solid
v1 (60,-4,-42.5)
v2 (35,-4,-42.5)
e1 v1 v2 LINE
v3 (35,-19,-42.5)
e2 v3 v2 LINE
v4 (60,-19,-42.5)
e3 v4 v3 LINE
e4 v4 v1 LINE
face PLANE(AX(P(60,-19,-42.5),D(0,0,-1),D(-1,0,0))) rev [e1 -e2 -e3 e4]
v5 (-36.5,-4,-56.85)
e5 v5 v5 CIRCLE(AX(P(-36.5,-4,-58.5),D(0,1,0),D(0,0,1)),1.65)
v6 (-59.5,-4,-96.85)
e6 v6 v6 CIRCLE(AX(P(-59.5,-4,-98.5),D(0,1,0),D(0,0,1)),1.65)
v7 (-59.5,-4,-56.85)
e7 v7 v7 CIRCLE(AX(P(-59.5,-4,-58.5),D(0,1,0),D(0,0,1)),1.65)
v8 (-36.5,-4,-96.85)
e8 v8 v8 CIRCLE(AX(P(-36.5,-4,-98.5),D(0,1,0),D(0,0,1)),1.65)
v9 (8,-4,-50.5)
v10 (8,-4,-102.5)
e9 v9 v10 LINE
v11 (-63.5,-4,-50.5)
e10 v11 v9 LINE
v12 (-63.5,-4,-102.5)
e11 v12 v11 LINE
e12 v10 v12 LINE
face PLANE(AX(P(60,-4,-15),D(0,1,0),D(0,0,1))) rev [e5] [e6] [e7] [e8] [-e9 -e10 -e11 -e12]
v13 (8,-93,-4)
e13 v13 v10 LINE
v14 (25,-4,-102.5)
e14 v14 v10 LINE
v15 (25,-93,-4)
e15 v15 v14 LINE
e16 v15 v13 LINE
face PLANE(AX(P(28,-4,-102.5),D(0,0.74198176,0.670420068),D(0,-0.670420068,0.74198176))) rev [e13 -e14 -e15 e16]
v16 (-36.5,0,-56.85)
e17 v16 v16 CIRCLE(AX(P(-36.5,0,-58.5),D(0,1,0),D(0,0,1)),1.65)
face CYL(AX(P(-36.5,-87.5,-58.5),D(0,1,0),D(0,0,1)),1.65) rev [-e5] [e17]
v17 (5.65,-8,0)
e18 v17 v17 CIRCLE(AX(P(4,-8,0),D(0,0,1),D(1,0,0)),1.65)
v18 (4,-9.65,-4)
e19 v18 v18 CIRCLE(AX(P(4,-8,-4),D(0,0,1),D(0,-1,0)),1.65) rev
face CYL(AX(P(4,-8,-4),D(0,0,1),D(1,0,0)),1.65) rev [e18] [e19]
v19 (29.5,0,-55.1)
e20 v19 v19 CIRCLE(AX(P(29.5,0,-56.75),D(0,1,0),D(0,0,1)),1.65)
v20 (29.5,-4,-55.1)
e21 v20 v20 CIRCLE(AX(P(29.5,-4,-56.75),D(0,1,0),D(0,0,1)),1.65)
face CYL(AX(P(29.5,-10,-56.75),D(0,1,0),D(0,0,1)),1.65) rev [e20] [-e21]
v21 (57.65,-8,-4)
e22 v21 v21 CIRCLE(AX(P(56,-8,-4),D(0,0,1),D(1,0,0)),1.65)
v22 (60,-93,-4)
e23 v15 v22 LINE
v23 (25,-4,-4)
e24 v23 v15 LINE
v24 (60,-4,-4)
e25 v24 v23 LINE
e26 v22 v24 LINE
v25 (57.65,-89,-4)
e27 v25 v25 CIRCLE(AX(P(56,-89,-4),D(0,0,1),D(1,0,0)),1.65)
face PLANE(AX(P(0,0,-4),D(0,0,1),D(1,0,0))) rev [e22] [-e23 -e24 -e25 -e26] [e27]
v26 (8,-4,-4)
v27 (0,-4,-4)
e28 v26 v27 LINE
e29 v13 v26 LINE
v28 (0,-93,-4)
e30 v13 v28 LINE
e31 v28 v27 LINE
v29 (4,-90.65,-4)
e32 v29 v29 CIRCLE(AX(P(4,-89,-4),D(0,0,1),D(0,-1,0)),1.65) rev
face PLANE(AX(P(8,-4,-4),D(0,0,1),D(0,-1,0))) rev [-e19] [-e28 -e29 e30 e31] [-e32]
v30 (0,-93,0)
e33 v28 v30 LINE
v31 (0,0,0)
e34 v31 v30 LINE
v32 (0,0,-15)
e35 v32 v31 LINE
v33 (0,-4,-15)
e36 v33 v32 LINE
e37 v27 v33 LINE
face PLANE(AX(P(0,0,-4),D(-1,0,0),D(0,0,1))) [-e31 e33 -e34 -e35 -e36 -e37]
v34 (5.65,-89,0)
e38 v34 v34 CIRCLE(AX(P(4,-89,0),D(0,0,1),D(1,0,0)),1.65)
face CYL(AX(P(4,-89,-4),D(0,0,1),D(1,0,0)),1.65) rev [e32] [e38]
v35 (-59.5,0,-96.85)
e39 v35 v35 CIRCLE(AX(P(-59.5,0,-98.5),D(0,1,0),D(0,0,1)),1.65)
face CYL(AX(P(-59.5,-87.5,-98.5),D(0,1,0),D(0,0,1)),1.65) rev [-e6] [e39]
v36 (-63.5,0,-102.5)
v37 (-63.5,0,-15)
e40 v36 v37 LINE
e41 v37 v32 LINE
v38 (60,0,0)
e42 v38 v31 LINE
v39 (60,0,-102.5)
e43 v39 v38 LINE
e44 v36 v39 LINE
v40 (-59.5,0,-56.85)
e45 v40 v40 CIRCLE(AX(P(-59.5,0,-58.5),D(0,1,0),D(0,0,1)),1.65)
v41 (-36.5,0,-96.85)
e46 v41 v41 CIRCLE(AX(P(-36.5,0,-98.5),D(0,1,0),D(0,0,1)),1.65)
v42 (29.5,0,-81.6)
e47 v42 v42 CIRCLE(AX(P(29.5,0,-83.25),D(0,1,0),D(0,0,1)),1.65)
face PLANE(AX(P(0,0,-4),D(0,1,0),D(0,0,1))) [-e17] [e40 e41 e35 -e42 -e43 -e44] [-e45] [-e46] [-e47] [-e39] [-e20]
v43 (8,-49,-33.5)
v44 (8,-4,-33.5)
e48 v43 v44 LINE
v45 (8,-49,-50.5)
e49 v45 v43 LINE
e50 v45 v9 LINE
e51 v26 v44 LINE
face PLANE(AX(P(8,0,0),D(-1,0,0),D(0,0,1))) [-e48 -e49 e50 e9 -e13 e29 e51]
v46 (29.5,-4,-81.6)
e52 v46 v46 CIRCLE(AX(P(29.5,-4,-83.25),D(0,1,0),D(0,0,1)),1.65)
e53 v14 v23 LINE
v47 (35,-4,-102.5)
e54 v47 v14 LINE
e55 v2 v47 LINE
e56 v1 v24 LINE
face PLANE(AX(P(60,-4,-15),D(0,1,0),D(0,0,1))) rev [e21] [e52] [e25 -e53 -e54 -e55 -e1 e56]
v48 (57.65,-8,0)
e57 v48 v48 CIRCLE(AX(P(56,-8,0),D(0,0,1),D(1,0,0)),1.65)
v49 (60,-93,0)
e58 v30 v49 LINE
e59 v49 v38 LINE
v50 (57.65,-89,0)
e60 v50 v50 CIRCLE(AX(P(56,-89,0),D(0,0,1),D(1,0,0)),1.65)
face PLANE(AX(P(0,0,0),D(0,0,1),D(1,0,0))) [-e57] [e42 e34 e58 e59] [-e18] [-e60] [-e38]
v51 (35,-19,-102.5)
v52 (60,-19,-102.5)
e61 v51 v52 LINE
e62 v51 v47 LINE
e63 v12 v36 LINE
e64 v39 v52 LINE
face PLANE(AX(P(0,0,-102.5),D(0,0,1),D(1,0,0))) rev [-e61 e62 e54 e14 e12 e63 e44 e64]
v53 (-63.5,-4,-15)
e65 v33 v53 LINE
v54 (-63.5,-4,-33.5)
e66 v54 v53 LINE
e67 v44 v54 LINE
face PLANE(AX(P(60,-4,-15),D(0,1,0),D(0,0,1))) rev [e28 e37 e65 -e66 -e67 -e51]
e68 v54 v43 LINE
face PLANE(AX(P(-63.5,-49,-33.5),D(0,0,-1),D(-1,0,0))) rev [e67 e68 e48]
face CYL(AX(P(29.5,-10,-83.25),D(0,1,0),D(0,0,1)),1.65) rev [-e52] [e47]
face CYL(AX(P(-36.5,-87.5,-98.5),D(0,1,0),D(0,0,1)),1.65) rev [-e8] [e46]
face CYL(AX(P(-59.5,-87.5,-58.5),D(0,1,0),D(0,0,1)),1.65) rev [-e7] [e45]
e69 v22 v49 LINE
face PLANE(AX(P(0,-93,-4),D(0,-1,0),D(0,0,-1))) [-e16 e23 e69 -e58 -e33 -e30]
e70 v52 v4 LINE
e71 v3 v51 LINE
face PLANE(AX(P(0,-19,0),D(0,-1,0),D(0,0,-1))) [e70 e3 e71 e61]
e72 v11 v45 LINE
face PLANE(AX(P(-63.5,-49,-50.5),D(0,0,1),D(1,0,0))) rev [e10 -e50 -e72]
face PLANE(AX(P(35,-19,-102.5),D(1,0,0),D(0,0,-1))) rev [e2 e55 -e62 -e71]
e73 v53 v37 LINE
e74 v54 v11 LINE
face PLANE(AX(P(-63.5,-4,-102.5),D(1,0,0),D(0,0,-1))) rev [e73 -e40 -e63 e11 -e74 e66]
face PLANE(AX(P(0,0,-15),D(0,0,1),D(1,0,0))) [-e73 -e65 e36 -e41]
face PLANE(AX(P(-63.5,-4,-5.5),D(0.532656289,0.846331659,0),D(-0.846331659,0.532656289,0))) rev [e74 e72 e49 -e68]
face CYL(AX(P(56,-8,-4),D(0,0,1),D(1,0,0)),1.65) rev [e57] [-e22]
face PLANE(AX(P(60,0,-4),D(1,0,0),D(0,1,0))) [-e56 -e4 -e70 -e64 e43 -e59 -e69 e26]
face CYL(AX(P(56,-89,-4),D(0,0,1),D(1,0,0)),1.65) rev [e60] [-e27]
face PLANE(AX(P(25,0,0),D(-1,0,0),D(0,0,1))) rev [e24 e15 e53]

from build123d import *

# Parameters (mm, degrees)
SKETCH1_W           = 60
SKETCH1_H           = 93
BOSS_EXTRUDE1_DEPTH = 4
SKETCH3_R           = 1.65
CUT_EXTRUDE1_DEPTH  = 4
SKETCH5_W           = 60
SKETCH5_H           = 4
BOSS_EXTRUDE2_DEPTH = 11
SKETCH6_W           = 123.5
SKETCH6_H           = 4
BOSS_EXTRUDE3_DEPTH = 87.5
SKETCH7_R           = 1.65
CUT_EXTRUDE2_DEPTH  = 87.5
SKETCH10_R          = 1.65
CUT_EXTRUDE3_DEPTH  = 10
SKETCH11_W          = 98.5
SKETCH11_H          = 89
BOSS_EXTRUDE4_DEPTH = 25
SKETCH13_W          = 98.5
SKETCH13_H          = 89
CUT_EXTRUDE5_DEPTH  = 8
CUT_EXTRUDE7_DEPTH  = 20
SKETCH15_W          = 71.5
SKETCH15_H          = 17
BOSS_EXTRUDE6_DEPTH = 45
CUT_EXTRUDE9_DEPTH  = 45
SKETCH17_W          = 25
SKETCH17_H          = 60
BOSS_EXTRUDE7_DEPTH = 15


with BuildPart() as part:
    # Sketch1 → Boss-Extrude1 (new body)
    with BuildSketch(Plane.XY):
        with Locations((30, -46.5)):
            Rectangle(SKETCH1_W, SKETCH1_H)
    extrude(amount=-BOSS_EXTRUDE1_DEPTH)

    # Sketch3 → Cut-Extrude1 (cut)
    with BuildSketch(Plane.XY):
        with Locations((4, -8)):
            Circle(SKETCH3_R)
        with Locations((56, -8)):
            Circle(SKETCH3_R)
        with Locations((4, -89)):
            Circle(SKETCH3_R)
        with Locations((56, -89)):
            Circle(SKETCH3_R)
    extrude(amount=-CUT_EXTRUDE1_DEPTH, mode=Mode.SUBTRACT)

    # Sketch5 → Boss-Extrude2 (add)
    with BuildSketch(Plane(origin=(0, 0, -4), x_dir=(-1, 0, 0), z_dir=(0, 0, -1))):
        with Locations((-30, -2)):
            Rectangle(SKETCH5_W, SKETCH5_H)
    extrude(amount=BOSS_EXTRUDE2_DEPTH)

    # Sketch6 → Boss-Extrude3 (add)
    with BuildSketch(Plane(origin=(0, 0, -15), x_dir=(-1, 0, 0), z_dir=(0, 0, -1))):
        with Locations((1.75, -2)):
            Rectangle(SKETCH6_W, SKETCH6_H)
    extrude(amount=BOSS_EXTRUDE3_DEPTH)

    # Sketch7 → Cut-Extrude2 (cut)
    with BuildSketch(Plane(origin=(0, 0, 0), x_dir=(1, 0, 0), z_dir=(0, 1, 0))):
        with Locations((-59.5, 98.5)):
            Circle(SKETCH7_R)
        with Locations((-36.5, 98.5)):
            Circle(SKETCH7_R)
        with Locations((-59.5, 58.5)):
            Circle(SKETCH7_R)
        with Locations((-36.5, 58.5)):
            Circle(SKETCH7_R)
    extrude(amount=-CUT_EXTRUDE2_DEPTH, mode=Mode.SUBTRACT)

    # Sketch10 → Cut-Extrude3 (cut)
    with BuildSketch(Plane(origin=(0, 0, 0), x_dir=(1, 0, 0), z_dir=(0, 1, 0))):
        with Locations((29.5, 83.25)):
            Circle(SKETCH10_R)
        with Locations((29.5, 56.75)):
            Circle(SKETCH10_R)
    extrude(amount=-CUT_EXTRUDE3_DEPTH, mode=Mode.SUBTRACT)

    # Sketch11 → Boss-Extrude4 (add)
    with BuildSketch(Plane(origin=(0, 0, 0), x_dir=(0, 0, -1), z_dir=(1, 0, 0))):
        with Locations((53.25, -48.5)):
            Rectangle(SKETCH11_W, SKETCH11_H)
    extrude(amount=BOSS_EXTRUDE4_DEPTH)

    # Sketch13 → Cut-Extrude5 (cut)
    with BuildSketch(Plane.ZY):
        with Locations((-53.25, -48.5)):
            Rectangle(SKETCH13_W, SKETCH13_H)
    extrude(amount=-CUT_EXTRUDE5_DEPTH, mode=Mode.SUBTRACT)

    # Sketch14 → Cut-Extrude7 (cut)
    with BuildSketch(Plane.ZY.offset(-8)):
        Polygon((-102.5, -4), (-102.5, -93), (-4, -93), align=None)
    extrude(amount=-CUT_EXTRUDE7_DEPTH, mode=Mode.SUBTRACT)

    # Sketch15 → Boss-Extrude6 (add)
    with BuildSketch(Plane.XZ.offset(4)):
        with Locations((-27.75, -42)):
            Rectangle(SKETCH15_W, SKETCH15_H)
    extrude(amount=BOSS_EXTRUDE6_DEPTH)

    # Sketch16 → Cut-Extrude9 (cut)
    with BuildSketch(Plane(origin=(0, 0, -50.5), x_dir=(-1, 0, 0), z_dir=(0, 0, -1))):
        Polygon((63.5, -4), (-8, -49), (63.5, -49), align=None)
    extrude(amount=-CUT_EXTRUDE9_DEPTH, mode=Mode.SUBTRACT)

    # Sketch17 → Boss-Extrude7 (add)
    with BuildSketch(Plane.XZ.offset(4)):
        with Locations((47.5, -72.5)):
            Rectangle(SKETCH17_W, SKETCH17_H)
    extrude(amount=BOSS_EXTRUDE7_DEPTH)


solid = part.part
